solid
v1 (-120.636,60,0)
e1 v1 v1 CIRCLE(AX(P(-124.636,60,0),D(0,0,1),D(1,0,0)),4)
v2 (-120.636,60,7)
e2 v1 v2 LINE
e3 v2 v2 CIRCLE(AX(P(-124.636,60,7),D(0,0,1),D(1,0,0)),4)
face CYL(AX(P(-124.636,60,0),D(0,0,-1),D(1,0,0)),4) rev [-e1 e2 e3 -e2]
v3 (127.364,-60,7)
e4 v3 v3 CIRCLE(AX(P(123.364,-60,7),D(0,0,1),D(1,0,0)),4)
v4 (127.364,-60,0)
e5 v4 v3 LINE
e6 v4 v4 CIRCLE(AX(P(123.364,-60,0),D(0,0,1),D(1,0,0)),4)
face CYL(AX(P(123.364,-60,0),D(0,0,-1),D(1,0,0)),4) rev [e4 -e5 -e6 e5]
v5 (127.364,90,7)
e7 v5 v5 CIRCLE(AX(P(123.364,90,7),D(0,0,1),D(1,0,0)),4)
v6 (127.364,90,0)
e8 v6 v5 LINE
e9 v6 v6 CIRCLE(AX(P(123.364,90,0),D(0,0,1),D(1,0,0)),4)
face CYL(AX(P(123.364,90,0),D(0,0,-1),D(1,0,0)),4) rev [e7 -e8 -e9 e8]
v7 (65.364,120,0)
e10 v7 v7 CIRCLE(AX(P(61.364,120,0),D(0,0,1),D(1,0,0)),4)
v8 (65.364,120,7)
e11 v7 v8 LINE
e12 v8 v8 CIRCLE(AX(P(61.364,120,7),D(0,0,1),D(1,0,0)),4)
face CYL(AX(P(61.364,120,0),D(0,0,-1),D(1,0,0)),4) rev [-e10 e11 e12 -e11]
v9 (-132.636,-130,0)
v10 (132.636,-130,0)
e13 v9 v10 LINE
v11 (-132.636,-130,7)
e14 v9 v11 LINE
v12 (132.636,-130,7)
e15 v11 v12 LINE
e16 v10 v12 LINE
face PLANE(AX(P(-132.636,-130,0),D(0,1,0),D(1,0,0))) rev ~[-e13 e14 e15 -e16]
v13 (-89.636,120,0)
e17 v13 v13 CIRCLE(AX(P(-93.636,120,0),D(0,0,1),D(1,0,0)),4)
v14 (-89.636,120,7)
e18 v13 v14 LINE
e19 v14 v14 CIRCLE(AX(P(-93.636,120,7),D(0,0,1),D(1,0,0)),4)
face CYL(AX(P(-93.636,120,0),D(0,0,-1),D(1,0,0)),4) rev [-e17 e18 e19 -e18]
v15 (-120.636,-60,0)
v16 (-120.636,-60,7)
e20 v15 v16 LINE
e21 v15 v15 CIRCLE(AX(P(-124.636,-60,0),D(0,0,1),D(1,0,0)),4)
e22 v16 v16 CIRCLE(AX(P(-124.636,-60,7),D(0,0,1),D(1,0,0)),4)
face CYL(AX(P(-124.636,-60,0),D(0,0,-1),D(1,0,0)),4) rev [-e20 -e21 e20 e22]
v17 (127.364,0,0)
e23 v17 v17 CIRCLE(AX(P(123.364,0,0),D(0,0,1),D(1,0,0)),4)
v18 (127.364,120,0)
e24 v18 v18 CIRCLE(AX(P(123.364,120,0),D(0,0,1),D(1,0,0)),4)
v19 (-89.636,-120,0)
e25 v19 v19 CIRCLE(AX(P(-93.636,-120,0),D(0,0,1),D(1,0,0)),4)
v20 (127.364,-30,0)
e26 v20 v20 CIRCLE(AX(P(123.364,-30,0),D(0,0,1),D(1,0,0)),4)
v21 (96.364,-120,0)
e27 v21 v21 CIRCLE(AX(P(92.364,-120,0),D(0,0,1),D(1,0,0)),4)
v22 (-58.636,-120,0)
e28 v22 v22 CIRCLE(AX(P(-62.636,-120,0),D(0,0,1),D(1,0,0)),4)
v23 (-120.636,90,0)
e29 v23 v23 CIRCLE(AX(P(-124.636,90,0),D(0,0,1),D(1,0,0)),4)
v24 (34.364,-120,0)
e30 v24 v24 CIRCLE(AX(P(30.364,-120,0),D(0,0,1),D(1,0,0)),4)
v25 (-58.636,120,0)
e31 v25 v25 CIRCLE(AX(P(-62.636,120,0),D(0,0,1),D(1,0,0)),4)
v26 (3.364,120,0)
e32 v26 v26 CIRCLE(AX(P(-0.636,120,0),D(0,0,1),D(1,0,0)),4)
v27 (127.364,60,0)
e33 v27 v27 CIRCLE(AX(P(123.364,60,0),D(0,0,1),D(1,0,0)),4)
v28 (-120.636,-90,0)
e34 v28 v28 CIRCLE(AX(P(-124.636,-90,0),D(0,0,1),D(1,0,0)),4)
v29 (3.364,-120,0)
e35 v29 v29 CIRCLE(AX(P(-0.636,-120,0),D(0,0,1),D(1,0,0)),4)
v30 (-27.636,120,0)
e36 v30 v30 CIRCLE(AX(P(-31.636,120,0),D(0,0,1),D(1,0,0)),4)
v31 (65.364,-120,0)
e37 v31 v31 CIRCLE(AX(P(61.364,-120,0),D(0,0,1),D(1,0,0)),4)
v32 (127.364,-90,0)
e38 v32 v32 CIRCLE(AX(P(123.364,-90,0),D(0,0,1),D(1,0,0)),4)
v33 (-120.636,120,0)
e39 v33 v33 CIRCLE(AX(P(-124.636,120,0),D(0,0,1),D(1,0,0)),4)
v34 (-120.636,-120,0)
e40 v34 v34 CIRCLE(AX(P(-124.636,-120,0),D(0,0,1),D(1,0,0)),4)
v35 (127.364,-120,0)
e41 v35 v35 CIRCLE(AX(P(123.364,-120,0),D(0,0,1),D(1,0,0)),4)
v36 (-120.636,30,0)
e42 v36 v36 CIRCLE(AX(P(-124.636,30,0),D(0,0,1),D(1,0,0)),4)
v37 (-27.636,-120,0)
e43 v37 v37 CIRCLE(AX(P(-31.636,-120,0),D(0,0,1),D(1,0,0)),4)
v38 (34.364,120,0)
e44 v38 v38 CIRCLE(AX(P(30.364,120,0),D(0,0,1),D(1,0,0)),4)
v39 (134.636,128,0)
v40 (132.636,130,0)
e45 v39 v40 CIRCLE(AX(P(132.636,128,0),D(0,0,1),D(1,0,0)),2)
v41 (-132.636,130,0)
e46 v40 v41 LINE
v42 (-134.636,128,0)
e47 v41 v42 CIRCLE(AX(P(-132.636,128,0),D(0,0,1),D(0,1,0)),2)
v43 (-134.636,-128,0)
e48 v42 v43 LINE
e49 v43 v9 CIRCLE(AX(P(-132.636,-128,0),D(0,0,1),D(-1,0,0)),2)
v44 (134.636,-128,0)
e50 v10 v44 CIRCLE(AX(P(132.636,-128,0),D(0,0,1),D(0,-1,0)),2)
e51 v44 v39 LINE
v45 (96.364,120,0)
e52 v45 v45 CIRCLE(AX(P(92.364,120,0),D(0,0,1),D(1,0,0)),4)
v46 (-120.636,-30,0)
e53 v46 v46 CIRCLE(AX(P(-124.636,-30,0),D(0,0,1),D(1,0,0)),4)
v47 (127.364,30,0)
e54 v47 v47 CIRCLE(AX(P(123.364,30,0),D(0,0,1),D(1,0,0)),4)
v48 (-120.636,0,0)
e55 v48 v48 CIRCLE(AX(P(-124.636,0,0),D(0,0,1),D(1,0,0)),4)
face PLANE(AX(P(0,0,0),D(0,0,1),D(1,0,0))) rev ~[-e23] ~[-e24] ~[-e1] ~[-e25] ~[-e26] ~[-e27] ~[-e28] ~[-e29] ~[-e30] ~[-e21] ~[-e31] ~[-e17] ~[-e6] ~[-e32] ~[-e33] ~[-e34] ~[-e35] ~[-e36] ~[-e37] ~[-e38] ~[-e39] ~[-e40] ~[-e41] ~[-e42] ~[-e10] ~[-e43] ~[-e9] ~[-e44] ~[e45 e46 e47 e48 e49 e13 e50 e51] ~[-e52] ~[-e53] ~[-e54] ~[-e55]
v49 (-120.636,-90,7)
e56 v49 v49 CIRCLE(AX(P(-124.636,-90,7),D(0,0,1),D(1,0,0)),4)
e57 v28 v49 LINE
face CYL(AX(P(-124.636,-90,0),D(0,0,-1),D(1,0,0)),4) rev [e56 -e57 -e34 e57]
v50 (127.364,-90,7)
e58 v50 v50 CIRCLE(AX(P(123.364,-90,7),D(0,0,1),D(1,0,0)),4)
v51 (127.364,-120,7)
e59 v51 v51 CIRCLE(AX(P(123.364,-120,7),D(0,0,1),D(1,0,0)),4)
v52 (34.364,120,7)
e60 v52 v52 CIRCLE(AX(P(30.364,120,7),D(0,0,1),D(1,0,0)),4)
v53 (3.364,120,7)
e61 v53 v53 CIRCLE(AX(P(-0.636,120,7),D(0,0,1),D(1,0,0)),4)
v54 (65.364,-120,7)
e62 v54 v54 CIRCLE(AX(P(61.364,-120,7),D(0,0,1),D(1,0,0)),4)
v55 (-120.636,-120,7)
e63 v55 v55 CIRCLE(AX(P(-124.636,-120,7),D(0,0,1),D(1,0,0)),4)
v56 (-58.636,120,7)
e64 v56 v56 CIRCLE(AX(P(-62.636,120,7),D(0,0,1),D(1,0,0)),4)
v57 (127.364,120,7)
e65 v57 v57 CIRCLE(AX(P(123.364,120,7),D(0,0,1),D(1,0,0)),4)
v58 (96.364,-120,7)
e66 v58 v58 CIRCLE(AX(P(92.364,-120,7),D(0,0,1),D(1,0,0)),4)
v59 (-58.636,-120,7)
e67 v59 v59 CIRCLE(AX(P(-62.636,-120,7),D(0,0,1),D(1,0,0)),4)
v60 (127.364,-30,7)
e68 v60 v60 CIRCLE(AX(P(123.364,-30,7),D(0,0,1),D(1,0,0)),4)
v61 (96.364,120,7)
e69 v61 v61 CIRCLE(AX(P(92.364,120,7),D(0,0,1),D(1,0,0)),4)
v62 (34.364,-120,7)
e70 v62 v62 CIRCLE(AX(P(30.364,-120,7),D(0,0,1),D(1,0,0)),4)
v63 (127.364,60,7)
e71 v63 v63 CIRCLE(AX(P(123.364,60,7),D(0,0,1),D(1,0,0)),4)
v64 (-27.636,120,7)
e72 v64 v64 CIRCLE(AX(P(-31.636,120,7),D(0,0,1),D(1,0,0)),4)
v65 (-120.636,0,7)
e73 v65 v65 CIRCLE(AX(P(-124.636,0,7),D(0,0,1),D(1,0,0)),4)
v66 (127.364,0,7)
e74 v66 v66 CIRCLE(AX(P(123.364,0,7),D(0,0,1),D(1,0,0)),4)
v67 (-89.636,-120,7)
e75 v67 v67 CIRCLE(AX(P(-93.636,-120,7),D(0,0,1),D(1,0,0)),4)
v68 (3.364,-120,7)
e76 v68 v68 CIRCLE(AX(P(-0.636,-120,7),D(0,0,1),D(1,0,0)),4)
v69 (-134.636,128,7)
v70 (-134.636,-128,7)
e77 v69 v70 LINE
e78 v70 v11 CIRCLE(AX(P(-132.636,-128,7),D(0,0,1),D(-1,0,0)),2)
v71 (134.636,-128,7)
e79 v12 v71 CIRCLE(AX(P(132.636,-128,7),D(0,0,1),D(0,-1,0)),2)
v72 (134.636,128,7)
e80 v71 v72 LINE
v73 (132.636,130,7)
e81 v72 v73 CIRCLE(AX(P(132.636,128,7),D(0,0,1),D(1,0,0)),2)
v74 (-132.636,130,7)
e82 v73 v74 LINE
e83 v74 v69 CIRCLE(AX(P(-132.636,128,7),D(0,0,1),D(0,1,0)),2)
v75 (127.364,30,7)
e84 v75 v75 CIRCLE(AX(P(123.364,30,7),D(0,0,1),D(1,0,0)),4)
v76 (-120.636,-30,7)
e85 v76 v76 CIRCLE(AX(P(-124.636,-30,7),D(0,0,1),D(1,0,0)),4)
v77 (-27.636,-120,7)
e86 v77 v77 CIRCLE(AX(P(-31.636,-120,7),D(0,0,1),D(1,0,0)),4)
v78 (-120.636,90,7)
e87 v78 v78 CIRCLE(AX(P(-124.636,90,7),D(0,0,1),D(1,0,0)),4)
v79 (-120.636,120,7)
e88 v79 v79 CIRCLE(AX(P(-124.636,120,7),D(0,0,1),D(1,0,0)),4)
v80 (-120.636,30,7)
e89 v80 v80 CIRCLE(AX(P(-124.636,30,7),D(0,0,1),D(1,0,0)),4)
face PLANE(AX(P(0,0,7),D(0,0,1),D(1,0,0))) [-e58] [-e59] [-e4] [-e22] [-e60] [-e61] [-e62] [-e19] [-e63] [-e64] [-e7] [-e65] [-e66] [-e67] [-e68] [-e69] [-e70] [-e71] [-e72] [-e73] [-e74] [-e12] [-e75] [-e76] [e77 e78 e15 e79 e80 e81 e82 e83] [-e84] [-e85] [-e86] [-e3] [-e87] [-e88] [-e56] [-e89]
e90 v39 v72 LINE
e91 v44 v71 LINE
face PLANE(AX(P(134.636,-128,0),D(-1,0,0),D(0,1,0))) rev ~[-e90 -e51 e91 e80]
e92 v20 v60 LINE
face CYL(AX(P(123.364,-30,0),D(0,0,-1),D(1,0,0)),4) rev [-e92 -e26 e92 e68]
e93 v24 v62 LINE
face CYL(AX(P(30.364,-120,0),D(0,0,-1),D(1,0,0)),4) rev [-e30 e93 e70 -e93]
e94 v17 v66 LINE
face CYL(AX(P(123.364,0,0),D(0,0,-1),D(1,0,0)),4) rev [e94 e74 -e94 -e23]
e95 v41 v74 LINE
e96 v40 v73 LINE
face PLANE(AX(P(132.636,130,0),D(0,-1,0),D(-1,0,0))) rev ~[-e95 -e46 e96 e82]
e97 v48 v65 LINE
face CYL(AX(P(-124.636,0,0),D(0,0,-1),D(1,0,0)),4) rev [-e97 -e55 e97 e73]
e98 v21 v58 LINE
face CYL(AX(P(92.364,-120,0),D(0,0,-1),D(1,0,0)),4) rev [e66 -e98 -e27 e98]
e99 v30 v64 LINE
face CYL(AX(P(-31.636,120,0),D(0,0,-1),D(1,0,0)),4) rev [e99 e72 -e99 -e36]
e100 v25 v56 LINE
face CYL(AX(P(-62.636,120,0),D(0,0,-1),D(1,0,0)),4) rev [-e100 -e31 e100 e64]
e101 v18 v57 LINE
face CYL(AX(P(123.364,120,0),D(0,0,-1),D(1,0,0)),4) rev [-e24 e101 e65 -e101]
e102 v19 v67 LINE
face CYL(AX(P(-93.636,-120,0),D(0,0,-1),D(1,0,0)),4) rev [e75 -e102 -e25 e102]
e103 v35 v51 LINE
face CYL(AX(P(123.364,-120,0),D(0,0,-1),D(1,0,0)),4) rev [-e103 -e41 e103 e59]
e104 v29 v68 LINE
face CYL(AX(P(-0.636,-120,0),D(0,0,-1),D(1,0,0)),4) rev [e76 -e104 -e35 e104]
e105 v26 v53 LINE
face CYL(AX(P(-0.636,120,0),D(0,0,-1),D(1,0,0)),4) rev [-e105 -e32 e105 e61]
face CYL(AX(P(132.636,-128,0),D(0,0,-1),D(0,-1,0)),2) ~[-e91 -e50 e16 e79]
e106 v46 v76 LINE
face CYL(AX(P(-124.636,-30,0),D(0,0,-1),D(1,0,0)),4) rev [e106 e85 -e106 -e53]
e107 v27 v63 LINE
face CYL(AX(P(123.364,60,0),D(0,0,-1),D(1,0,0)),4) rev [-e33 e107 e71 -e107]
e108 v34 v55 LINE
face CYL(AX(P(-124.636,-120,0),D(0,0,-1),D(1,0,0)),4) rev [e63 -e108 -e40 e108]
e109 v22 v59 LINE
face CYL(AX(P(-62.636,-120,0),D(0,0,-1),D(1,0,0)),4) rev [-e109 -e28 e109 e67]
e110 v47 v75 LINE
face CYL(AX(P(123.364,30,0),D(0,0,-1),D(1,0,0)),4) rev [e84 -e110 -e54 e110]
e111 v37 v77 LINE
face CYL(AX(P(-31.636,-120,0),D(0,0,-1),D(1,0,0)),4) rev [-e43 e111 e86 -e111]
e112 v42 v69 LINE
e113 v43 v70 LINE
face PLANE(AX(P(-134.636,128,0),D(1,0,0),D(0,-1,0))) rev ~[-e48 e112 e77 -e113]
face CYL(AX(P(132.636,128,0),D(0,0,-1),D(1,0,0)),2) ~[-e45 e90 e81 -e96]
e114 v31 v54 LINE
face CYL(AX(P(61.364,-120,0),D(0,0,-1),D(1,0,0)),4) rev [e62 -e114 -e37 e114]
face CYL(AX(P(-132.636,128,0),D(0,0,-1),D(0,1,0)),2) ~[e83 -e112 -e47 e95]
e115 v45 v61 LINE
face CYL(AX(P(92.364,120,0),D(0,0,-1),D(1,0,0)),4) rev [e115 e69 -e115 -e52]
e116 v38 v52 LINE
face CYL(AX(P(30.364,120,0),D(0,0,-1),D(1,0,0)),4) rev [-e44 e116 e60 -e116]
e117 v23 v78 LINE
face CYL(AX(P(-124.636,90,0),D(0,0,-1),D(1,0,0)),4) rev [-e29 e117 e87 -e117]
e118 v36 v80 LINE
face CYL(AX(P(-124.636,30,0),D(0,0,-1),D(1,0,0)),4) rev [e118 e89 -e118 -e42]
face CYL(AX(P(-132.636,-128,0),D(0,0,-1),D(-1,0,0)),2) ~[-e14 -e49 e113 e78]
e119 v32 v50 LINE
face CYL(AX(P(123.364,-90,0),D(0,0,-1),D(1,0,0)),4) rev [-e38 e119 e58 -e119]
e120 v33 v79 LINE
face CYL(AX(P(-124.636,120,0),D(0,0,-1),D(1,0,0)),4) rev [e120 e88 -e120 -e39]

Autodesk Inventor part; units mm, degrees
ref_plane "YZ Plane" through (0, 0, 0) normal (1, 0, 0) x (0, 1, 0)
ref_plane "XZ Plane" through (0, 0, 0) normal (0, 1, 0) x (-1, 0, 0)
ref_plane "XY Plane" through (0, 0, 0) normal (0, 0, 1) x (1, 0, 0)
ref_plane "РабПлоскость1" through (0, 0, 0) normal (0, 0, 1) x (1, 0, 0)
sketch "Эскиз1" plane through (0, 0, 0) normal (0, 0, 1) x (1, 0, 0)
  line L0 (-134.636, 128) -> (-134.636, -128) projected
  arc A0 (-134.636, -128) -> (-132.636, -130) centre (-132.636, -128) ccw projected
  line L1 (-132.636, -130) -> (132.636, -130) projected
  arc A1 (132.636, -130) -> (134.636, -128) centre (132.636, -128) ccw projected
  line L2 (134.636, -128) -> (134.636, 128) projected
  arc A2 (134.636, 128) -> (132.636, 130) centre (132.636, 128) ccw projected
  line L3 (132.636, 130) -> (-132.636, 130) projected
  arc A3 (-132.636, 130) -> (-134.636, 128) centre (-132.636, 128) ccw projected
  circle A4 centre (-124.636, 120) radius 4 projected
  circle A5 centre (-124.636, 60) radius 4 projected
  circle A6 centre (-124.636, 0) radius 4 projected
  circle A7 centre (-124.636, -60) radius 4 projected
  circle A8 centre (-124.636, -120) radius 4 projected
  circle A9 centre (-93.636, -120) radius 4 projected
  circle A10 centre (-62.636, -120) radius 4 projected
  circle A11 centre (-31.636, -120) radius 4 projected
  circle A12 centre (-0.636, -120) radius 4 projected
  circle A13 centre (30.364, -120) radius 4 projected
  circle A14 centre (61.364, -120) radius 4 projected
  circle A15 centre (92.364, -120) radius 4 projected
  circle A16 centre (123.364, 90) radius 4 projected
  circle A17 centre (123.364, 60) radius 4 projected
  circle A18 centre (123.364, 30) radius 4 projected
  circle A19 centre (123.364, 0) radius 4 projected
  circle A20 centre (123.364, -30) radius 4 projected
  circle A21 centre (123.364, -60) radius 4 projected
  circle A22 centre (123.364, -90) radius 4 projected
  circle A23 centre (123.364, -120) radius 4 projected
  circle A24 centre (123.364, 120) radius 4 projected
  circle A25 centre (92.364, 120) radius 4 projected
  circle A26 centre (61.364, 120) radius 4 projected
  circle A27 centre (30.364, 120) radius 4 projected
  circle A28 centre (-0.636, 120) radius 4 projected
  circle A29 centre (-31.636, 120) radius 4 projected
  circle A30 centre (-62.636, 120) radius 4 projected
  circle A31 centre (-93.636, 120) radius 4 projected
  circle A32 centre (-124.636, -90) radius 4 projected
  circle A33 centre (-124.636, -30) radius 4 projected
  circle A34 centre (-124.636, 30) radius 4 projected
  circle A35 centre (-124.636, 90) radius 4 projected
  line L4 (115.364, 110) -> (115.364, -110) projected
  line L5 (115.364, -110) -> (-114.636, -110) projected
  line L6 (-114.636, -110) -> (-114.636, 110) projected
  line L7 (-114.636, 110) -> (115.364, 110) projected
  point P0 (0, 0)
extrude "Выдавливание1" add sketch "Эскиз1" along normal blind 7 contours A3 L3 A2 L2 A1 L1 A0 L0 | L4 L5 L6 L7
properties part number "Крышка рубашки охлаждения" material "Чугун, серый"
